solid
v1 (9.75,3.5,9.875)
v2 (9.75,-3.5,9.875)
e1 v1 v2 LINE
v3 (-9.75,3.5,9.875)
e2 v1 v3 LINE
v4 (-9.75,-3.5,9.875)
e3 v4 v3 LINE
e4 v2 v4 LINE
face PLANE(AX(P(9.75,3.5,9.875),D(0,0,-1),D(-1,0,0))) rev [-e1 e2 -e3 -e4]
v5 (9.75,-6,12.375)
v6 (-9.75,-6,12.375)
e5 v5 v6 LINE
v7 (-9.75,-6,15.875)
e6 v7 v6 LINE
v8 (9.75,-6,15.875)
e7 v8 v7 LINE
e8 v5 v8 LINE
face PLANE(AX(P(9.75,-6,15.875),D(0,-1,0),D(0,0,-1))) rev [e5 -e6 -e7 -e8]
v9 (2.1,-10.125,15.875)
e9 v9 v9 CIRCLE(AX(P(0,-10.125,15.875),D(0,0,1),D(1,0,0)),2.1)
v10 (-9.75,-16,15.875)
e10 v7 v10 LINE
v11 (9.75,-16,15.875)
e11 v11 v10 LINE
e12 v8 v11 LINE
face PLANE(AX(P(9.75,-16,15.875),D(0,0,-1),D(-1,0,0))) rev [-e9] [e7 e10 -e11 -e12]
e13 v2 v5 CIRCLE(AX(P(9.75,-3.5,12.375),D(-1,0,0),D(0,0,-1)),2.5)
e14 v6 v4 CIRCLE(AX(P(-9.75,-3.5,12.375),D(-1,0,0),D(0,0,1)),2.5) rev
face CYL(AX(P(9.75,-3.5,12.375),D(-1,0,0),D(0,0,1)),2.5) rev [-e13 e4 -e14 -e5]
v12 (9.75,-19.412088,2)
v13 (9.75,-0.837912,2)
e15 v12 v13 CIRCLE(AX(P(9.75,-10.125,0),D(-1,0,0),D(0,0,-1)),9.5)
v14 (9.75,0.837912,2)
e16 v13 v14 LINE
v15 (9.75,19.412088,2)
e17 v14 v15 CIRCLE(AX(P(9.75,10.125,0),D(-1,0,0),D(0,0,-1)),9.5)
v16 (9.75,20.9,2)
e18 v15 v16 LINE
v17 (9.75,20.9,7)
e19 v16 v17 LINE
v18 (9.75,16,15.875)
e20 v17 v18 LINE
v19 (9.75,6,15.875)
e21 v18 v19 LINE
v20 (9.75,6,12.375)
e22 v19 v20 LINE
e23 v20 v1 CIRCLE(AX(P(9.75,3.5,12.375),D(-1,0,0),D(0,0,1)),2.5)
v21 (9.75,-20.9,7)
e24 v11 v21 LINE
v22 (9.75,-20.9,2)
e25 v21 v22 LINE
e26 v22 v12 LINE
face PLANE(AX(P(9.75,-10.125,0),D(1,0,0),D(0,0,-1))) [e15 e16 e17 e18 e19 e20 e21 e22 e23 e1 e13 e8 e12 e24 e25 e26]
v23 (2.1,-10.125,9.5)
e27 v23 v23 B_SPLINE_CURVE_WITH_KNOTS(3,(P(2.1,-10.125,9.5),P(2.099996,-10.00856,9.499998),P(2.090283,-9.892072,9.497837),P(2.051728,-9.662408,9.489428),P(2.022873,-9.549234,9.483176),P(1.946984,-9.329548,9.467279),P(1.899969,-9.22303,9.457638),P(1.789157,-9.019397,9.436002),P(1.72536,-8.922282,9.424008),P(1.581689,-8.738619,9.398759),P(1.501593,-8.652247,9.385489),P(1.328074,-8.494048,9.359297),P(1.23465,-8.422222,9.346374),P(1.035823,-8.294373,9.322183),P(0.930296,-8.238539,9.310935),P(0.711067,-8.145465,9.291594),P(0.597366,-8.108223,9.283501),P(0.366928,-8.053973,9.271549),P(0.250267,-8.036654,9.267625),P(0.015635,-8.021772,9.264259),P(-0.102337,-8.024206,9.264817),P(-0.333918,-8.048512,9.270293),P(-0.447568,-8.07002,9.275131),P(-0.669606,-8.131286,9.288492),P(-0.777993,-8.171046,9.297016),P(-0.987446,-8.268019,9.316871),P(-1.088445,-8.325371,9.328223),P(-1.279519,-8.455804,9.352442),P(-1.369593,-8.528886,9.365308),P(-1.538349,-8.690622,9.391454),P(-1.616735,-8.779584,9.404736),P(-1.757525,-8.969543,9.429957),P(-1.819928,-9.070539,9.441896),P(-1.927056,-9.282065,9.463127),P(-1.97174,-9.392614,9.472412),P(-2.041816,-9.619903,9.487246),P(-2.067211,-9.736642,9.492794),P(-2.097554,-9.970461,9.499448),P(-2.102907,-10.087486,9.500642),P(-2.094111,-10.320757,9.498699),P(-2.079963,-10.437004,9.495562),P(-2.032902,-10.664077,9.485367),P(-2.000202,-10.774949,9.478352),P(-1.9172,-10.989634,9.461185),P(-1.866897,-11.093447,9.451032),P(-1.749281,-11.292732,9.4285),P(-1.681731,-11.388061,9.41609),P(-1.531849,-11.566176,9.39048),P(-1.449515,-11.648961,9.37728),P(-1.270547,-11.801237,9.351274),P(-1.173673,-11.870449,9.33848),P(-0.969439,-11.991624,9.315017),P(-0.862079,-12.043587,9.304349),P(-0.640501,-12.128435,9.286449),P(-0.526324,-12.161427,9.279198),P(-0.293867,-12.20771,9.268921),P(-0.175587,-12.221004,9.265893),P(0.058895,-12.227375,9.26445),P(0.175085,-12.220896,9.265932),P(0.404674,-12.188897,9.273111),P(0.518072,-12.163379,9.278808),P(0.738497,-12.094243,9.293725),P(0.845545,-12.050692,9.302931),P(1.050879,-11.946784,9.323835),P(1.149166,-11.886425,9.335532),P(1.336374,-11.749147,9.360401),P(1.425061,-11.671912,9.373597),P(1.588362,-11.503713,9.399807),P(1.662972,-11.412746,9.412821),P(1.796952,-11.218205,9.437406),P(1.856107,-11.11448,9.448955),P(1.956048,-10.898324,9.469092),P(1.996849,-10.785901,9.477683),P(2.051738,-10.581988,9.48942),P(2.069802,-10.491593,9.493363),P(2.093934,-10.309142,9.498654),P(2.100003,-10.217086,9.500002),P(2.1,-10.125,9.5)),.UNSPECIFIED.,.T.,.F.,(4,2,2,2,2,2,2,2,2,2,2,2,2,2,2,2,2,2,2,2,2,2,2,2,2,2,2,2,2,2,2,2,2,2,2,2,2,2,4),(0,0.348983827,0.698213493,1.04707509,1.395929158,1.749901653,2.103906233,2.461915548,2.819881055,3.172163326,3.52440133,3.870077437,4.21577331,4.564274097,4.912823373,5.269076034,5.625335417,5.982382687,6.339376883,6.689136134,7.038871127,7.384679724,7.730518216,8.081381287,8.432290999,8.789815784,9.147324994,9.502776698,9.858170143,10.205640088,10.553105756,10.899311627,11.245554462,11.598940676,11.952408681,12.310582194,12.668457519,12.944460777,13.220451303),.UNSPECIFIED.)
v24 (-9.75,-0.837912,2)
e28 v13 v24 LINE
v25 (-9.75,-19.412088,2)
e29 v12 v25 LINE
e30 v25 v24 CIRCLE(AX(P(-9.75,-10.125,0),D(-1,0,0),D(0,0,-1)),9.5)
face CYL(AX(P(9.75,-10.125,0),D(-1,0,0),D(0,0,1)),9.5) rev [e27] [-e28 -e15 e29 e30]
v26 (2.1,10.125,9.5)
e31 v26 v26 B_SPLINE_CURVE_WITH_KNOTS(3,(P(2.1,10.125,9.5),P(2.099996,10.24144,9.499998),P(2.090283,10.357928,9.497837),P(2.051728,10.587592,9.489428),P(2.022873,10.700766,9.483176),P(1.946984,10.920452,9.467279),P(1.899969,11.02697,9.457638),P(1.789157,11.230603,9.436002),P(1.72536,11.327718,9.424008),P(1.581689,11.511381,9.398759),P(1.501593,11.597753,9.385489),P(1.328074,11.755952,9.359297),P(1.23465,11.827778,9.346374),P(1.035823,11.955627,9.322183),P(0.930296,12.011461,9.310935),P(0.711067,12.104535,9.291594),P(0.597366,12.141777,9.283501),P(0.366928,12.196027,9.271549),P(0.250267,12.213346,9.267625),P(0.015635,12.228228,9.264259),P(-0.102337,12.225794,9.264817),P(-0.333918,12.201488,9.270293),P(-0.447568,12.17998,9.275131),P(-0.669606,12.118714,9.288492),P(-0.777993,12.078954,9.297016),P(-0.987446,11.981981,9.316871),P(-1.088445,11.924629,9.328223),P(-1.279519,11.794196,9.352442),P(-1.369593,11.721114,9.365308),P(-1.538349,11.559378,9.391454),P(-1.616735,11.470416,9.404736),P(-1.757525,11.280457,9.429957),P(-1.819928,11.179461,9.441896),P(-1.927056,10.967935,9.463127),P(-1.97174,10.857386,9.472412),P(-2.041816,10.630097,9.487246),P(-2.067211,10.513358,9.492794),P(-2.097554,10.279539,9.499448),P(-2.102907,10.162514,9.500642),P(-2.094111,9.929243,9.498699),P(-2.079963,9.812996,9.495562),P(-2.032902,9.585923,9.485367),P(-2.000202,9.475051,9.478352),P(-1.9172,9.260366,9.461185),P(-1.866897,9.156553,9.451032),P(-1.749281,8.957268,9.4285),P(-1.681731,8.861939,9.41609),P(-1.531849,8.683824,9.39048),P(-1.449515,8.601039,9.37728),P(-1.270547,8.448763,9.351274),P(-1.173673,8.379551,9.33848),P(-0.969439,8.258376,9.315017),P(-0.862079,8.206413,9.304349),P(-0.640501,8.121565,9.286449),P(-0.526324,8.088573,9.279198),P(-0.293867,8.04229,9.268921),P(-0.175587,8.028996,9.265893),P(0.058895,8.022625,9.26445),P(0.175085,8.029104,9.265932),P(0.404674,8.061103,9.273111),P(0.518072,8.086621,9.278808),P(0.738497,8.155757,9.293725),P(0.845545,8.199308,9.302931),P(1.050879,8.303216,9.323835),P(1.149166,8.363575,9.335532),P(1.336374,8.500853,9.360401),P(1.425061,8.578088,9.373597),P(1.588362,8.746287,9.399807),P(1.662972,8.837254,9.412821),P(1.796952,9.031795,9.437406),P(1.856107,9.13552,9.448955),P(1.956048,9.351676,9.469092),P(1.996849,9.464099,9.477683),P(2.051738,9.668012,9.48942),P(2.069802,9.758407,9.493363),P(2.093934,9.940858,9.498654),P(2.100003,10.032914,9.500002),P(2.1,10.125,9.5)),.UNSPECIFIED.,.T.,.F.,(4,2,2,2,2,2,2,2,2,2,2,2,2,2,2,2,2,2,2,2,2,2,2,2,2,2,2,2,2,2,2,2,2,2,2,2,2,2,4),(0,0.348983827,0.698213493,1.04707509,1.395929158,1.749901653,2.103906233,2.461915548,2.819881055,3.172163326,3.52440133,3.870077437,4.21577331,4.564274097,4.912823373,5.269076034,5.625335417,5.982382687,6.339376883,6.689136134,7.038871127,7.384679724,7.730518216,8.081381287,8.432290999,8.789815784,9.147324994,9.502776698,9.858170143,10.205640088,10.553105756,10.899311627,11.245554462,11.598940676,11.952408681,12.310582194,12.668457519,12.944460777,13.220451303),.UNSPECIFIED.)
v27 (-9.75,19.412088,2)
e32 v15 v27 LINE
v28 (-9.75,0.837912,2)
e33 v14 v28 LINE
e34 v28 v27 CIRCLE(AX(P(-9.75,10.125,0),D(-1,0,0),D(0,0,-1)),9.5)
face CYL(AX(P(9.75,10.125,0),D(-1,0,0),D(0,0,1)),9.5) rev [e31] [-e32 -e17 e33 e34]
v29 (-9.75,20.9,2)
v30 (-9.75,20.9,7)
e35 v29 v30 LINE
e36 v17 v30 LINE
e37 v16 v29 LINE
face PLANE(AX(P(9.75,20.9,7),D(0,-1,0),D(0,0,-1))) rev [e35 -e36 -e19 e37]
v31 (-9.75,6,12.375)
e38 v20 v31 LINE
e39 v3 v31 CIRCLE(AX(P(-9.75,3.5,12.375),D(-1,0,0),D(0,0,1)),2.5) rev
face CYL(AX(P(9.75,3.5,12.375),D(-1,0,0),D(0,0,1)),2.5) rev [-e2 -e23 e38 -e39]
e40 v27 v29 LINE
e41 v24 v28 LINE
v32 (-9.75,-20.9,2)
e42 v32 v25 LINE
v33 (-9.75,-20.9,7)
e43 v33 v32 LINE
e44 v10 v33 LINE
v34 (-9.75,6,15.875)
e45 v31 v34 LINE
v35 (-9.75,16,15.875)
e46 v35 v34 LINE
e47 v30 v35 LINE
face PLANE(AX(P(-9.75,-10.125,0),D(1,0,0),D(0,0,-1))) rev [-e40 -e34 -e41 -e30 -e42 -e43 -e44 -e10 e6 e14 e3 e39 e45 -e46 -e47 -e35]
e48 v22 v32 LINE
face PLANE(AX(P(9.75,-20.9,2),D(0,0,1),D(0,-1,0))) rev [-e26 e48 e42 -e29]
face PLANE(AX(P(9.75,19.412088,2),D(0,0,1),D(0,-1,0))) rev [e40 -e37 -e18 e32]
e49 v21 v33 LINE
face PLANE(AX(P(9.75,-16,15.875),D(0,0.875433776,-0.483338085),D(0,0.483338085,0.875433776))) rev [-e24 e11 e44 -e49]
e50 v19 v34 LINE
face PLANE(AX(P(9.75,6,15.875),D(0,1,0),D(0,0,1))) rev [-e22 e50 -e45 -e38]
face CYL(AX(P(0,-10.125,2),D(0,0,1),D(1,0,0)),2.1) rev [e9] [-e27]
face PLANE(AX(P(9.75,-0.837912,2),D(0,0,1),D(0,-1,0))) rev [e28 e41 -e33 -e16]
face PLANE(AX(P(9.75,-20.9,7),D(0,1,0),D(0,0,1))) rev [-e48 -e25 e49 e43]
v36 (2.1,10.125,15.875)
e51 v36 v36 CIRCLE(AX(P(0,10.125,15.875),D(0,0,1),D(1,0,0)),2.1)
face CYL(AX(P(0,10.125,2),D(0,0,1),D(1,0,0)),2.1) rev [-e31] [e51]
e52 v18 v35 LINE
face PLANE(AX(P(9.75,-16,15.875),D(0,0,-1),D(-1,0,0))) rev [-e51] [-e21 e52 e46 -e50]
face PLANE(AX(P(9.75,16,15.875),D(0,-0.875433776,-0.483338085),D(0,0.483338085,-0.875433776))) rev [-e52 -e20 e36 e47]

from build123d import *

# Parameters (mm, degrees)
BOSS_EXTRUDE1_DEPTH     = 9.75
SKETCH2_R               = 2.1
CUT_EXTRUDE1_DEPTH      = 27.914459404
CUT_EXTRUDE2_DEPTH      = 33.696722039
CUT_EXTRUDE2_DEPTH_BACK = 33.696722039


with BuildPart() as part:
    # Sketch1 → Boss-Extrude1 (new, symmetric)
    with BuildSketch(Plane(origin=(0, 0, 0), x_dir=(0, 0, -1), z_dir=(1, 0, 0))):
        with BuildLine():
            Line((-15.875, -16), (-15.875, 16))
            Line((-15.875, 16), (-7, 20.9))
            Line((-7, 20.9), (-2, 20.9))
            Line((-2, 20.9), (-2, 19.412087811))
            ThreePointArc((-2, 19.412087811), (-9.5, 10.125), (-2, 0.837912189))
            Line((-2, 0.837912189), (-2, -0.837912189))
            ThreePointArc((-2, -0.837912189), (-9.5, -10.125), (-2, -19.412087811))
            Line((-2, -19.412087811), (-2, -20.9))
            Line((-2, -20.9), (-7, -20.9))
            Line((-7, -20.9), (-15.875, -16))
        make_face()
    extrude(amount=BOSS_EXTRUDE1_DEPTH, both=True)

    # Sketch2 → Cut-Extrude1 (cut, through all)
    with BuildSketch(Plane.XY.offset(15.875)):
        with Locations((0, 10.125)):
            Circle(SKETCH2_R)
        with Locations((0, -10.125)):
            Circle(SKETCH2_R)
    extrude(amount=-CUT_EXTRUDE1_DEPTH, mode=Mode.SUBTRACT)

    # Sketch3 → Cut-Extrude2 (cut, two sides: drawn at the far end of the back side and taken through both)
    with BuildSketch(Plane.ZY.offset(9.75).offset(-CUT_EXTRUDE2_DEPTH_BACK)):
        with BuildLine():
            Line((15.875, 6), (12.375, 6))
            ThreePointArc((12.375, 6), (10.607233047, 5.267766953), (9.875, 3.5))
            Line((9.875, 3.5), (9.875, -3.5))
            ThreePointArc((9.875, -3.5), (10.607233047, -5.267766953), (12.375, -6))
            Line((12.375, -6), (15.875, -6))
            Line((15.875, -6), (15.875, 6))
        make_face()
    extrude(amount=CUT_EXTRUDE2_DEPTH + CUT_EXTRUDE2_DEPTH_BACK, mode=Mode.SUBTRACT)


solid = part.part
